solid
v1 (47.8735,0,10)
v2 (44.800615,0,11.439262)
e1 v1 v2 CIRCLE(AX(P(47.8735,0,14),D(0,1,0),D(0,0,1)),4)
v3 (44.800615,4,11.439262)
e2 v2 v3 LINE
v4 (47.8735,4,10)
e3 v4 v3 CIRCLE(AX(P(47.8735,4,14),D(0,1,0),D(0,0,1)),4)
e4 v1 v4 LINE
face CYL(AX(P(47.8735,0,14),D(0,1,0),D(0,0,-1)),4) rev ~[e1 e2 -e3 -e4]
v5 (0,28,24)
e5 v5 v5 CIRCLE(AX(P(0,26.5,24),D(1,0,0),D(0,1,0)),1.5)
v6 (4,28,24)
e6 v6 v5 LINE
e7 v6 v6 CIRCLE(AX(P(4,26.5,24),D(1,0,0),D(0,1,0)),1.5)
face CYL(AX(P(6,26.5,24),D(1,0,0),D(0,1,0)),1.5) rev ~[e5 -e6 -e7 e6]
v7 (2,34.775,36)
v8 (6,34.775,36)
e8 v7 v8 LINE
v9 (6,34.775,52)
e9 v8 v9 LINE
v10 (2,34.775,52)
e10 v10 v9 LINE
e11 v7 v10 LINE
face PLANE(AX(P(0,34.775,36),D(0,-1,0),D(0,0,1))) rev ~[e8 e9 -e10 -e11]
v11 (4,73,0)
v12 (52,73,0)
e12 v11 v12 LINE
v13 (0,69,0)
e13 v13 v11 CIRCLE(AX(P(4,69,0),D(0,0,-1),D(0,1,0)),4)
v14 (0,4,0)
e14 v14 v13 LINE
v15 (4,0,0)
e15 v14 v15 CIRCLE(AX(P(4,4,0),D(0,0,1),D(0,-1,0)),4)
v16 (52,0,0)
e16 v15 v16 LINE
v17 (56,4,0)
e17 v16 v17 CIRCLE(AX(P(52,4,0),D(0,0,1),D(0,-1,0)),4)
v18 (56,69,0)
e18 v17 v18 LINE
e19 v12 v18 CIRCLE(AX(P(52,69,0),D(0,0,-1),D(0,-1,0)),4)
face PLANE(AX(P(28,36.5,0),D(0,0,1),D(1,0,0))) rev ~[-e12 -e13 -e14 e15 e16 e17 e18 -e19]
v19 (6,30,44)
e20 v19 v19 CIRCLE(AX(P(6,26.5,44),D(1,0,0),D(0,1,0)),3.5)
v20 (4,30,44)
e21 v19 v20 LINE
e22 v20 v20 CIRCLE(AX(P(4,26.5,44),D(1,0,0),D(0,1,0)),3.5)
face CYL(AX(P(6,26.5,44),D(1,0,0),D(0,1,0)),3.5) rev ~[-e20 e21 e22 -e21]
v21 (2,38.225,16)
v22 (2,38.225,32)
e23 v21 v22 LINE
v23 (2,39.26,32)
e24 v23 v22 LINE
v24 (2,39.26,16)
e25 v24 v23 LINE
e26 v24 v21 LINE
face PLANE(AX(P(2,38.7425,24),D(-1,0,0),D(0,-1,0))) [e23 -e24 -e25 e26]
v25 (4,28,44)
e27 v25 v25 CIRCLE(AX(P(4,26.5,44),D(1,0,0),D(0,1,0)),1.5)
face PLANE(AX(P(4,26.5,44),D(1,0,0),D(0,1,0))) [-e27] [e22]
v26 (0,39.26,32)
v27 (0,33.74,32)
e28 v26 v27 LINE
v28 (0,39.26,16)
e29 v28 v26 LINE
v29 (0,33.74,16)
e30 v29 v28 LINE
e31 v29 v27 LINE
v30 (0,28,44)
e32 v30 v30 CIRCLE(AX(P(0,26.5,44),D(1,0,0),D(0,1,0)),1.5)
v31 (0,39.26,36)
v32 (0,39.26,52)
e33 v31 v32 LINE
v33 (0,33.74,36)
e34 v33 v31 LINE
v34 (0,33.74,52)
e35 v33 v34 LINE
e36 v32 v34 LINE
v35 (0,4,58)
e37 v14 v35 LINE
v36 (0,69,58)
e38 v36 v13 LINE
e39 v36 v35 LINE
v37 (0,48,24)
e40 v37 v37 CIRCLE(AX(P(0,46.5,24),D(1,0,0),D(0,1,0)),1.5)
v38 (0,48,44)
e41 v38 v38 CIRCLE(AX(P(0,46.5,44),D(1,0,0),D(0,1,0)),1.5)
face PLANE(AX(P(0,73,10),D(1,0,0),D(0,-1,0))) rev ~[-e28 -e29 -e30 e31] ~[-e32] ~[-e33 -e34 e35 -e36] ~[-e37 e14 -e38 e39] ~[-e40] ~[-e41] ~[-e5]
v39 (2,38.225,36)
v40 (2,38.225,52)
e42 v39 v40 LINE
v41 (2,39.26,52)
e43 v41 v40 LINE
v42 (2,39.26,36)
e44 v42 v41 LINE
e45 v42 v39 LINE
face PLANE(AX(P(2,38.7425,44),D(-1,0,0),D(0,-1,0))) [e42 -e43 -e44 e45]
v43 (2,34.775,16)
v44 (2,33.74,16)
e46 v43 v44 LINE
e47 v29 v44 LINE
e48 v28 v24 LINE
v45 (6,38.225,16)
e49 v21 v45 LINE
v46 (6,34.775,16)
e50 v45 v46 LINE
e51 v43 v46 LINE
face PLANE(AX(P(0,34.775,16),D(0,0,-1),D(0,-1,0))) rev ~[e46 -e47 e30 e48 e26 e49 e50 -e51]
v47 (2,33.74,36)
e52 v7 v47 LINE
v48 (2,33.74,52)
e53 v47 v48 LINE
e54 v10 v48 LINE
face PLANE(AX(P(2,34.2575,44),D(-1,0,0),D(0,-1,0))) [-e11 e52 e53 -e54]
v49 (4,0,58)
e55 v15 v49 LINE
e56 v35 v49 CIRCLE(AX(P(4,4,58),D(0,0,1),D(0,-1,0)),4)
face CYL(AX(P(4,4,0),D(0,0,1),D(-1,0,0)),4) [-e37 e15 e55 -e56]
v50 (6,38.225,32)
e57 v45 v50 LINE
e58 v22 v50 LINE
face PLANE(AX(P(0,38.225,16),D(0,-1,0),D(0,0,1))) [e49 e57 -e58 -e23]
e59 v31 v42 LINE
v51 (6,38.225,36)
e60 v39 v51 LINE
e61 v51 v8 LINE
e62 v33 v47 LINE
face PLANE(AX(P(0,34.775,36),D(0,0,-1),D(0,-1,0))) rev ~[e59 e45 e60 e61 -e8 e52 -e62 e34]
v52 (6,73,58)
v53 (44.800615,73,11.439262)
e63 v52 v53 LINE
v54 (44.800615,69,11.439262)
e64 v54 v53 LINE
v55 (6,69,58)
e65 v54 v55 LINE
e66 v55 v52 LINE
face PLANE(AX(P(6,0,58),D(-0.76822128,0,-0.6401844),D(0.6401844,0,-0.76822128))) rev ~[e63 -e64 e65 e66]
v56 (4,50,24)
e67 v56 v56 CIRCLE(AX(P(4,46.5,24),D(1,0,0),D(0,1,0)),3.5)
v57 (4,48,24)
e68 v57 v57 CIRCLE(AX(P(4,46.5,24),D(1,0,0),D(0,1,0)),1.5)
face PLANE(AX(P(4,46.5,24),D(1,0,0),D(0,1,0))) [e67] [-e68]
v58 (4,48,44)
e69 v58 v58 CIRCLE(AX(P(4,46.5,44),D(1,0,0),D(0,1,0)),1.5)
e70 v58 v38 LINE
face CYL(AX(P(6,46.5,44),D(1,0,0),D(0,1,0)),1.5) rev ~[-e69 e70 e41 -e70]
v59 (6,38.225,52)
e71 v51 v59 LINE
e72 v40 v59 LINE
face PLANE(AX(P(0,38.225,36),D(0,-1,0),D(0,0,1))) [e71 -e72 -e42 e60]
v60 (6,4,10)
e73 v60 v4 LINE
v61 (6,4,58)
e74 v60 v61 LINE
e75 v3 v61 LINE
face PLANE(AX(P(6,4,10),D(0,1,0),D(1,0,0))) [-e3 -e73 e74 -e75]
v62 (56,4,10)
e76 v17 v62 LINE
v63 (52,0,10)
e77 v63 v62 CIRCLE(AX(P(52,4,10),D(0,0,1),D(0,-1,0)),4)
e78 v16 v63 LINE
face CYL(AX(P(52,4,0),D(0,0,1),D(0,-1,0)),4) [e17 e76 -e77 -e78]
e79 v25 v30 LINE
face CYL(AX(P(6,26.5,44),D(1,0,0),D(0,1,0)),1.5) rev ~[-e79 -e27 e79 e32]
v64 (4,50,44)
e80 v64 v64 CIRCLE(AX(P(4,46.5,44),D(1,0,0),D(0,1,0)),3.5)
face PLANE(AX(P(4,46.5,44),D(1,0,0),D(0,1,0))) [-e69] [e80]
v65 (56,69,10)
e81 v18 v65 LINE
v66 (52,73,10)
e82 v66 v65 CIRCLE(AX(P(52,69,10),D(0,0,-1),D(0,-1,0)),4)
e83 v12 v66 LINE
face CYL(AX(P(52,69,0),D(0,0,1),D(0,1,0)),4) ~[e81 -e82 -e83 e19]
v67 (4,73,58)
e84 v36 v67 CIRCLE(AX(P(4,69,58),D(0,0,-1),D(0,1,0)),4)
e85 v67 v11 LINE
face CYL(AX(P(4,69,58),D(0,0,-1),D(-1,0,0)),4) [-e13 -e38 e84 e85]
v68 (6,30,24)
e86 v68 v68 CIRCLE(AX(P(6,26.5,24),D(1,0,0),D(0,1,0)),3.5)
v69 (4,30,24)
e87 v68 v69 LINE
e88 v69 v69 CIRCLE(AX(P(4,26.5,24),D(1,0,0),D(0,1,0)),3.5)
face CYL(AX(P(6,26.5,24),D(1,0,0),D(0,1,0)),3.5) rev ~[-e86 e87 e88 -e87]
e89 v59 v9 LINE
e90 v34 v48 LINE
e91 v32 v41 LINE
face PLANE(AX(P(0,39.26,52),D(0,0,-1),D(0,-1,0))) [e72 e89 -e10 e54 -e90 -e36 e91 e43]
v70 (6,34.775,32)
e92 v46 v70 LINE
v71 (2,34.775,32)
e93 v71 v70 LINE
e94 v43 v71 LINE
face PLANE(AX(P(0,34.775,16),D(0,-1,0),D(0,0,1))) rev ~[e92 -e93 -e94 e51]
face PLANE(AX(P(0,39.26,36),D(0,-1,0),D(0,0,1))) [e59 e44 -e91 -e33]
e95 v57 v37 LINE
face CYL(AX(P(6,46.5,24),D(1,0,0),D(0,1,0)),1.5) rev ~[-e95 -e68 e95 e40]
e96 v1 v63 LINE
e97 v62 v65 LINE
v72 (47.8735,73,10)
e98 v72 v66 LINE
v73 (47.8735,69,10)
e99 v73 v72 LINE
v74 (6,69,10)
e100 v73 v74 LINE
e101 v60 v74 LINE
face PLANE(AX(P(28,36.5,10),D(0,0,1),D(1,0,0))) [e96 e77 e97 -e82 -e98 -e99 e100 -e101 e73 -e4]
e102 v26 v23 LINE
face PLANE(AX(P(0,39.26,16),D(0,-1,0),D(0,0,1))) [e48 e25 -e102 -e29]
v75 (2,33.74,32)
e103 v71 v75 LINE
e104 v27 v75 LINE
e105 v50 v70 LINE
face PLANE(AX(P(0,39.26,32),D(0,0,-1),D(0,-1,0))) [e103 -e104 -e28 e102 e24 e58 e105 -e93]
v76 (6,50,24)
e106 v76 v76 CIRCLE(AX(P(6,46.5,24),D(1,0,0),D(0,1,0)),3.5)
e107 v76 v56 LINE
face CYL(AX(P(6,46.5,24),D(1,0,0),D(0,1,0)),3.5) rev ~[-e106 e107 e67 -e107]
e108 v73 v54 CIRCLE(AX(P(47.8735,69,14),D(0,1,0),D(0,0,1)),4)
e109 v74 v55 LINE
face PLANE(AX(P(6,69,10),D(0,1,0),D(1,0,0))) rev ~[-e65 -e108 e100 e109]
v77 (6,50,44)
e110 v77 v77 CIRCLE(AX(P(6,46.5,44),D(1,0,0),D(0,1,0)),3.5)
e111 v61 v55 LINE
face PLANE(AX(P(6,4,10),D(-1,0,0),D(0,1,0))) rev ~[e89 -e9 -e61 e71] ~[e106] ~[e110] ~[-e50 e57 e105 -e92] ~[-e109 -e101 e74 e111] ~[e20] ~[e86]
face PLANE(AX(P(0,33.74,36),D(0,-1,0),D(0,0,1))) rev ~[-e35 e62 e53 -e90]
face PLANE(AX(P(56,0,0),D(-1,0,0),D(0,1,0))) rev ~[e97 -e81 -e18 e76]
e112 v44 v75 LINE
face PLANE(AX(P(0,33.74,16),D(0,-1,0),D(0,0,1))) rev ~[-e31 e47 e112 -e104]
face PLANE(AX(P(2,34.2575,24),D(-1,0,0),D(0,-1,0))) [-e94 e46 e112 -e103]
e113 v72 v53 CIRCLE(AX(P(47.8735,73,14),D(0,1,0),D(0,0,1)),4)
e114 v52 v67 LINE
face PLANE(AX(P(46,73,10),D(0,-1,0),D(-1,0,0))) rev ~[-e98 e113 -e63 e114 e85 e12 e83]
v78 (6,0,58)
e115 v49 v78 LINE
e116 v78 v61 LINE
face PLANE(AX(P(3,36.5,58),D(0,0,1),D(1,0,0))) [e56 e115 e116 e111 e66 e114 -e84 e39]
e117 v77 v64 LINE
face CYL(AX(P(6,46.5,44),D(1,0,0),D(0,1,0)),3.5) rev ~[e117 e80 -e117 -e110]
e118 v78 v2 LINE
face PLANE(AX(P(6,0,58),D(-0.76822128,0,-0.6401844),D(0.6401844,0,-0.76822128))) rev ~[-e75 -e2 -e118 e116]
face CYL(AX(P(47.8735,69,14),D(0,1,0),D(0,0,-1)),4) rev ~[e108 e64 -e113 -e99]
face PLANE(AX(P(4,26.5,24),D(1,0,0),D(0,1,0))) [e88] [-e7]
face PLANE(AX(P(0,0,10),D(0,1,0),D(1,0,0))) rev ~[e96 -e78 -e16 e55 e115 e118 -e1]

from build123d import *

# Parameters (mm, degrees)
F0_W      = 56
F0_H      = 73
F1_DEPTH  = 10
F2_W      = 40
F2_H      = 4
F3_DEPTH  = 48
F5_DEPTH  = 73.001
F6_R      = 4
F7_W      = 1.035
F7_H      = 16
F8_DEPTH  = 2
F7_W_2    = 3.45
F9_DEPTH  = 6
F10_R     = 3.5
F10_R_2   = 1.5
F11_DEPTH = 2
F12_DEPTH = 6


with BuildPart() as f1:
    # F0 (on Top) → F1 (new body)
    with BuildSketch(Plane.XY):
        with Locations((28, 36.5)):
            Rectangle(F0_W, F0_H)
    extrude(amount=F1_DEPTH)

    # F2 (on face) → F3 (join)
    with BuildSketch(Plane.XY.offset(10)):
        Polygon((6, 73), (0, 73), (0, 0), (6, 0), (6, 4), (6, 69), align=None)
        with Locations((26, 71)):
            Rectangle(F2_W, F2_H)
        with Locations((26, 2)):
            Rectangle(F2_W, F2_H)
    extrude(amount=F3_DEPTH)

    # F4 (on face) → F5 (cut, through all)
    with BuildSketch(Plane.XZ):
        Polygon((6, 58), (46, 10), (46, 58), align=None)
    extrude(amount=-F5_DEPTH, mode=Mode.SUBTRACT)

    # F6
    f6_edges = [f1.edges().sort_by_distance(p)[0] for p in [
        (0, 0, 29),
        (56, 0, 5),
        (46, 2, 10),
        (46, 71, 10),
        (56, 73, 5),
        (0, 73, 29),
    ]]
    fillet(f6_edges, radius=F6_R)

    # F7 (on face) → F8 (cut)
    with BuildSketch(Plane(origin=(0, 0, 0), x_dir=(0, -1, 0), z_dir=(-1, 0, 0))):
        with Locations((-38.7425, 44)):
            Rectangle(F7_W, F7_H)
        with Locations((-34.2575, 44)):
            Rectangle(F7_W, F7_H)
        with Locations((-34.2575, 24)):
            Rectangle(F7_W, F7_H)
        with Locations((-38.7425, 24)):
            Rectangle(F7_W, F7_H)
    extrude(amount=-F8_DEPTH, mode=Mode.SUBTRACT)

    # F7 (on face) → F9 (cut, through all)
    with BuildSketch(Plane(origin=(0, 0, 0), x_dir=(0, -1, 0), z_dir=(-1, 0, 0))):
        with Locations((-36.5, 44)):
            Rectangle(F7_W_2, F7_H)
        with Locations((-36.5, 24)):
            Rectangle(F7_W_2, F7_H)
    extrude(amount=-F9_DEPTH, mode=Mode.SUBTRACT)

    # F10 (on face) → F11 (cut)
    with BuildSketch(Plane.YZ.offset(6)):
        with Locations((26.5, 44)):
            Circle(F10_R)
        with Locations((26.5, 44)):
            Circle(F10_R_2, mode=Mode.SUBTRACT)
        with Locations((46.5, 44)):
            Circle(F10_R)
        with Locations((46.5, 44)):
            Circle(F10_R_2, mode=Mode.SUBTRACT)
        with Locations((46.5, 24)):
            Circle(F10_R)
        with Locations((46.5, 24)):
            Circle(F10_R_2, mode=Mode.SUBTRACT)
        with Locations((26.5, 24)):
            Circle(F10_R)
        with Locations((26.5, 24)):
            Circle(F10_R_2, mode=Mode.SUBTRACT)
    extrude(amount=-F11_DEPTH, mode=Mode.SUBTRACT)

    # F10 (on face) → F12 (cut, through all)
    with BuildSketch(Plane.YZ.offset(6)):
        with Locations((26.5, 44)):
            Circle(F10_R_2)
        with Locations((46.5, 44)):
            Circle(F10_R_2)
        with Locations((46.5, 24)):
            Circle(F10_R_2)
        with Locations((26.5, 24)):
            Circle(F10_R_2)
    extrude(amount=-F12_DEPTH, mode=Mode.SUBTRACT)


solid = f1.part
